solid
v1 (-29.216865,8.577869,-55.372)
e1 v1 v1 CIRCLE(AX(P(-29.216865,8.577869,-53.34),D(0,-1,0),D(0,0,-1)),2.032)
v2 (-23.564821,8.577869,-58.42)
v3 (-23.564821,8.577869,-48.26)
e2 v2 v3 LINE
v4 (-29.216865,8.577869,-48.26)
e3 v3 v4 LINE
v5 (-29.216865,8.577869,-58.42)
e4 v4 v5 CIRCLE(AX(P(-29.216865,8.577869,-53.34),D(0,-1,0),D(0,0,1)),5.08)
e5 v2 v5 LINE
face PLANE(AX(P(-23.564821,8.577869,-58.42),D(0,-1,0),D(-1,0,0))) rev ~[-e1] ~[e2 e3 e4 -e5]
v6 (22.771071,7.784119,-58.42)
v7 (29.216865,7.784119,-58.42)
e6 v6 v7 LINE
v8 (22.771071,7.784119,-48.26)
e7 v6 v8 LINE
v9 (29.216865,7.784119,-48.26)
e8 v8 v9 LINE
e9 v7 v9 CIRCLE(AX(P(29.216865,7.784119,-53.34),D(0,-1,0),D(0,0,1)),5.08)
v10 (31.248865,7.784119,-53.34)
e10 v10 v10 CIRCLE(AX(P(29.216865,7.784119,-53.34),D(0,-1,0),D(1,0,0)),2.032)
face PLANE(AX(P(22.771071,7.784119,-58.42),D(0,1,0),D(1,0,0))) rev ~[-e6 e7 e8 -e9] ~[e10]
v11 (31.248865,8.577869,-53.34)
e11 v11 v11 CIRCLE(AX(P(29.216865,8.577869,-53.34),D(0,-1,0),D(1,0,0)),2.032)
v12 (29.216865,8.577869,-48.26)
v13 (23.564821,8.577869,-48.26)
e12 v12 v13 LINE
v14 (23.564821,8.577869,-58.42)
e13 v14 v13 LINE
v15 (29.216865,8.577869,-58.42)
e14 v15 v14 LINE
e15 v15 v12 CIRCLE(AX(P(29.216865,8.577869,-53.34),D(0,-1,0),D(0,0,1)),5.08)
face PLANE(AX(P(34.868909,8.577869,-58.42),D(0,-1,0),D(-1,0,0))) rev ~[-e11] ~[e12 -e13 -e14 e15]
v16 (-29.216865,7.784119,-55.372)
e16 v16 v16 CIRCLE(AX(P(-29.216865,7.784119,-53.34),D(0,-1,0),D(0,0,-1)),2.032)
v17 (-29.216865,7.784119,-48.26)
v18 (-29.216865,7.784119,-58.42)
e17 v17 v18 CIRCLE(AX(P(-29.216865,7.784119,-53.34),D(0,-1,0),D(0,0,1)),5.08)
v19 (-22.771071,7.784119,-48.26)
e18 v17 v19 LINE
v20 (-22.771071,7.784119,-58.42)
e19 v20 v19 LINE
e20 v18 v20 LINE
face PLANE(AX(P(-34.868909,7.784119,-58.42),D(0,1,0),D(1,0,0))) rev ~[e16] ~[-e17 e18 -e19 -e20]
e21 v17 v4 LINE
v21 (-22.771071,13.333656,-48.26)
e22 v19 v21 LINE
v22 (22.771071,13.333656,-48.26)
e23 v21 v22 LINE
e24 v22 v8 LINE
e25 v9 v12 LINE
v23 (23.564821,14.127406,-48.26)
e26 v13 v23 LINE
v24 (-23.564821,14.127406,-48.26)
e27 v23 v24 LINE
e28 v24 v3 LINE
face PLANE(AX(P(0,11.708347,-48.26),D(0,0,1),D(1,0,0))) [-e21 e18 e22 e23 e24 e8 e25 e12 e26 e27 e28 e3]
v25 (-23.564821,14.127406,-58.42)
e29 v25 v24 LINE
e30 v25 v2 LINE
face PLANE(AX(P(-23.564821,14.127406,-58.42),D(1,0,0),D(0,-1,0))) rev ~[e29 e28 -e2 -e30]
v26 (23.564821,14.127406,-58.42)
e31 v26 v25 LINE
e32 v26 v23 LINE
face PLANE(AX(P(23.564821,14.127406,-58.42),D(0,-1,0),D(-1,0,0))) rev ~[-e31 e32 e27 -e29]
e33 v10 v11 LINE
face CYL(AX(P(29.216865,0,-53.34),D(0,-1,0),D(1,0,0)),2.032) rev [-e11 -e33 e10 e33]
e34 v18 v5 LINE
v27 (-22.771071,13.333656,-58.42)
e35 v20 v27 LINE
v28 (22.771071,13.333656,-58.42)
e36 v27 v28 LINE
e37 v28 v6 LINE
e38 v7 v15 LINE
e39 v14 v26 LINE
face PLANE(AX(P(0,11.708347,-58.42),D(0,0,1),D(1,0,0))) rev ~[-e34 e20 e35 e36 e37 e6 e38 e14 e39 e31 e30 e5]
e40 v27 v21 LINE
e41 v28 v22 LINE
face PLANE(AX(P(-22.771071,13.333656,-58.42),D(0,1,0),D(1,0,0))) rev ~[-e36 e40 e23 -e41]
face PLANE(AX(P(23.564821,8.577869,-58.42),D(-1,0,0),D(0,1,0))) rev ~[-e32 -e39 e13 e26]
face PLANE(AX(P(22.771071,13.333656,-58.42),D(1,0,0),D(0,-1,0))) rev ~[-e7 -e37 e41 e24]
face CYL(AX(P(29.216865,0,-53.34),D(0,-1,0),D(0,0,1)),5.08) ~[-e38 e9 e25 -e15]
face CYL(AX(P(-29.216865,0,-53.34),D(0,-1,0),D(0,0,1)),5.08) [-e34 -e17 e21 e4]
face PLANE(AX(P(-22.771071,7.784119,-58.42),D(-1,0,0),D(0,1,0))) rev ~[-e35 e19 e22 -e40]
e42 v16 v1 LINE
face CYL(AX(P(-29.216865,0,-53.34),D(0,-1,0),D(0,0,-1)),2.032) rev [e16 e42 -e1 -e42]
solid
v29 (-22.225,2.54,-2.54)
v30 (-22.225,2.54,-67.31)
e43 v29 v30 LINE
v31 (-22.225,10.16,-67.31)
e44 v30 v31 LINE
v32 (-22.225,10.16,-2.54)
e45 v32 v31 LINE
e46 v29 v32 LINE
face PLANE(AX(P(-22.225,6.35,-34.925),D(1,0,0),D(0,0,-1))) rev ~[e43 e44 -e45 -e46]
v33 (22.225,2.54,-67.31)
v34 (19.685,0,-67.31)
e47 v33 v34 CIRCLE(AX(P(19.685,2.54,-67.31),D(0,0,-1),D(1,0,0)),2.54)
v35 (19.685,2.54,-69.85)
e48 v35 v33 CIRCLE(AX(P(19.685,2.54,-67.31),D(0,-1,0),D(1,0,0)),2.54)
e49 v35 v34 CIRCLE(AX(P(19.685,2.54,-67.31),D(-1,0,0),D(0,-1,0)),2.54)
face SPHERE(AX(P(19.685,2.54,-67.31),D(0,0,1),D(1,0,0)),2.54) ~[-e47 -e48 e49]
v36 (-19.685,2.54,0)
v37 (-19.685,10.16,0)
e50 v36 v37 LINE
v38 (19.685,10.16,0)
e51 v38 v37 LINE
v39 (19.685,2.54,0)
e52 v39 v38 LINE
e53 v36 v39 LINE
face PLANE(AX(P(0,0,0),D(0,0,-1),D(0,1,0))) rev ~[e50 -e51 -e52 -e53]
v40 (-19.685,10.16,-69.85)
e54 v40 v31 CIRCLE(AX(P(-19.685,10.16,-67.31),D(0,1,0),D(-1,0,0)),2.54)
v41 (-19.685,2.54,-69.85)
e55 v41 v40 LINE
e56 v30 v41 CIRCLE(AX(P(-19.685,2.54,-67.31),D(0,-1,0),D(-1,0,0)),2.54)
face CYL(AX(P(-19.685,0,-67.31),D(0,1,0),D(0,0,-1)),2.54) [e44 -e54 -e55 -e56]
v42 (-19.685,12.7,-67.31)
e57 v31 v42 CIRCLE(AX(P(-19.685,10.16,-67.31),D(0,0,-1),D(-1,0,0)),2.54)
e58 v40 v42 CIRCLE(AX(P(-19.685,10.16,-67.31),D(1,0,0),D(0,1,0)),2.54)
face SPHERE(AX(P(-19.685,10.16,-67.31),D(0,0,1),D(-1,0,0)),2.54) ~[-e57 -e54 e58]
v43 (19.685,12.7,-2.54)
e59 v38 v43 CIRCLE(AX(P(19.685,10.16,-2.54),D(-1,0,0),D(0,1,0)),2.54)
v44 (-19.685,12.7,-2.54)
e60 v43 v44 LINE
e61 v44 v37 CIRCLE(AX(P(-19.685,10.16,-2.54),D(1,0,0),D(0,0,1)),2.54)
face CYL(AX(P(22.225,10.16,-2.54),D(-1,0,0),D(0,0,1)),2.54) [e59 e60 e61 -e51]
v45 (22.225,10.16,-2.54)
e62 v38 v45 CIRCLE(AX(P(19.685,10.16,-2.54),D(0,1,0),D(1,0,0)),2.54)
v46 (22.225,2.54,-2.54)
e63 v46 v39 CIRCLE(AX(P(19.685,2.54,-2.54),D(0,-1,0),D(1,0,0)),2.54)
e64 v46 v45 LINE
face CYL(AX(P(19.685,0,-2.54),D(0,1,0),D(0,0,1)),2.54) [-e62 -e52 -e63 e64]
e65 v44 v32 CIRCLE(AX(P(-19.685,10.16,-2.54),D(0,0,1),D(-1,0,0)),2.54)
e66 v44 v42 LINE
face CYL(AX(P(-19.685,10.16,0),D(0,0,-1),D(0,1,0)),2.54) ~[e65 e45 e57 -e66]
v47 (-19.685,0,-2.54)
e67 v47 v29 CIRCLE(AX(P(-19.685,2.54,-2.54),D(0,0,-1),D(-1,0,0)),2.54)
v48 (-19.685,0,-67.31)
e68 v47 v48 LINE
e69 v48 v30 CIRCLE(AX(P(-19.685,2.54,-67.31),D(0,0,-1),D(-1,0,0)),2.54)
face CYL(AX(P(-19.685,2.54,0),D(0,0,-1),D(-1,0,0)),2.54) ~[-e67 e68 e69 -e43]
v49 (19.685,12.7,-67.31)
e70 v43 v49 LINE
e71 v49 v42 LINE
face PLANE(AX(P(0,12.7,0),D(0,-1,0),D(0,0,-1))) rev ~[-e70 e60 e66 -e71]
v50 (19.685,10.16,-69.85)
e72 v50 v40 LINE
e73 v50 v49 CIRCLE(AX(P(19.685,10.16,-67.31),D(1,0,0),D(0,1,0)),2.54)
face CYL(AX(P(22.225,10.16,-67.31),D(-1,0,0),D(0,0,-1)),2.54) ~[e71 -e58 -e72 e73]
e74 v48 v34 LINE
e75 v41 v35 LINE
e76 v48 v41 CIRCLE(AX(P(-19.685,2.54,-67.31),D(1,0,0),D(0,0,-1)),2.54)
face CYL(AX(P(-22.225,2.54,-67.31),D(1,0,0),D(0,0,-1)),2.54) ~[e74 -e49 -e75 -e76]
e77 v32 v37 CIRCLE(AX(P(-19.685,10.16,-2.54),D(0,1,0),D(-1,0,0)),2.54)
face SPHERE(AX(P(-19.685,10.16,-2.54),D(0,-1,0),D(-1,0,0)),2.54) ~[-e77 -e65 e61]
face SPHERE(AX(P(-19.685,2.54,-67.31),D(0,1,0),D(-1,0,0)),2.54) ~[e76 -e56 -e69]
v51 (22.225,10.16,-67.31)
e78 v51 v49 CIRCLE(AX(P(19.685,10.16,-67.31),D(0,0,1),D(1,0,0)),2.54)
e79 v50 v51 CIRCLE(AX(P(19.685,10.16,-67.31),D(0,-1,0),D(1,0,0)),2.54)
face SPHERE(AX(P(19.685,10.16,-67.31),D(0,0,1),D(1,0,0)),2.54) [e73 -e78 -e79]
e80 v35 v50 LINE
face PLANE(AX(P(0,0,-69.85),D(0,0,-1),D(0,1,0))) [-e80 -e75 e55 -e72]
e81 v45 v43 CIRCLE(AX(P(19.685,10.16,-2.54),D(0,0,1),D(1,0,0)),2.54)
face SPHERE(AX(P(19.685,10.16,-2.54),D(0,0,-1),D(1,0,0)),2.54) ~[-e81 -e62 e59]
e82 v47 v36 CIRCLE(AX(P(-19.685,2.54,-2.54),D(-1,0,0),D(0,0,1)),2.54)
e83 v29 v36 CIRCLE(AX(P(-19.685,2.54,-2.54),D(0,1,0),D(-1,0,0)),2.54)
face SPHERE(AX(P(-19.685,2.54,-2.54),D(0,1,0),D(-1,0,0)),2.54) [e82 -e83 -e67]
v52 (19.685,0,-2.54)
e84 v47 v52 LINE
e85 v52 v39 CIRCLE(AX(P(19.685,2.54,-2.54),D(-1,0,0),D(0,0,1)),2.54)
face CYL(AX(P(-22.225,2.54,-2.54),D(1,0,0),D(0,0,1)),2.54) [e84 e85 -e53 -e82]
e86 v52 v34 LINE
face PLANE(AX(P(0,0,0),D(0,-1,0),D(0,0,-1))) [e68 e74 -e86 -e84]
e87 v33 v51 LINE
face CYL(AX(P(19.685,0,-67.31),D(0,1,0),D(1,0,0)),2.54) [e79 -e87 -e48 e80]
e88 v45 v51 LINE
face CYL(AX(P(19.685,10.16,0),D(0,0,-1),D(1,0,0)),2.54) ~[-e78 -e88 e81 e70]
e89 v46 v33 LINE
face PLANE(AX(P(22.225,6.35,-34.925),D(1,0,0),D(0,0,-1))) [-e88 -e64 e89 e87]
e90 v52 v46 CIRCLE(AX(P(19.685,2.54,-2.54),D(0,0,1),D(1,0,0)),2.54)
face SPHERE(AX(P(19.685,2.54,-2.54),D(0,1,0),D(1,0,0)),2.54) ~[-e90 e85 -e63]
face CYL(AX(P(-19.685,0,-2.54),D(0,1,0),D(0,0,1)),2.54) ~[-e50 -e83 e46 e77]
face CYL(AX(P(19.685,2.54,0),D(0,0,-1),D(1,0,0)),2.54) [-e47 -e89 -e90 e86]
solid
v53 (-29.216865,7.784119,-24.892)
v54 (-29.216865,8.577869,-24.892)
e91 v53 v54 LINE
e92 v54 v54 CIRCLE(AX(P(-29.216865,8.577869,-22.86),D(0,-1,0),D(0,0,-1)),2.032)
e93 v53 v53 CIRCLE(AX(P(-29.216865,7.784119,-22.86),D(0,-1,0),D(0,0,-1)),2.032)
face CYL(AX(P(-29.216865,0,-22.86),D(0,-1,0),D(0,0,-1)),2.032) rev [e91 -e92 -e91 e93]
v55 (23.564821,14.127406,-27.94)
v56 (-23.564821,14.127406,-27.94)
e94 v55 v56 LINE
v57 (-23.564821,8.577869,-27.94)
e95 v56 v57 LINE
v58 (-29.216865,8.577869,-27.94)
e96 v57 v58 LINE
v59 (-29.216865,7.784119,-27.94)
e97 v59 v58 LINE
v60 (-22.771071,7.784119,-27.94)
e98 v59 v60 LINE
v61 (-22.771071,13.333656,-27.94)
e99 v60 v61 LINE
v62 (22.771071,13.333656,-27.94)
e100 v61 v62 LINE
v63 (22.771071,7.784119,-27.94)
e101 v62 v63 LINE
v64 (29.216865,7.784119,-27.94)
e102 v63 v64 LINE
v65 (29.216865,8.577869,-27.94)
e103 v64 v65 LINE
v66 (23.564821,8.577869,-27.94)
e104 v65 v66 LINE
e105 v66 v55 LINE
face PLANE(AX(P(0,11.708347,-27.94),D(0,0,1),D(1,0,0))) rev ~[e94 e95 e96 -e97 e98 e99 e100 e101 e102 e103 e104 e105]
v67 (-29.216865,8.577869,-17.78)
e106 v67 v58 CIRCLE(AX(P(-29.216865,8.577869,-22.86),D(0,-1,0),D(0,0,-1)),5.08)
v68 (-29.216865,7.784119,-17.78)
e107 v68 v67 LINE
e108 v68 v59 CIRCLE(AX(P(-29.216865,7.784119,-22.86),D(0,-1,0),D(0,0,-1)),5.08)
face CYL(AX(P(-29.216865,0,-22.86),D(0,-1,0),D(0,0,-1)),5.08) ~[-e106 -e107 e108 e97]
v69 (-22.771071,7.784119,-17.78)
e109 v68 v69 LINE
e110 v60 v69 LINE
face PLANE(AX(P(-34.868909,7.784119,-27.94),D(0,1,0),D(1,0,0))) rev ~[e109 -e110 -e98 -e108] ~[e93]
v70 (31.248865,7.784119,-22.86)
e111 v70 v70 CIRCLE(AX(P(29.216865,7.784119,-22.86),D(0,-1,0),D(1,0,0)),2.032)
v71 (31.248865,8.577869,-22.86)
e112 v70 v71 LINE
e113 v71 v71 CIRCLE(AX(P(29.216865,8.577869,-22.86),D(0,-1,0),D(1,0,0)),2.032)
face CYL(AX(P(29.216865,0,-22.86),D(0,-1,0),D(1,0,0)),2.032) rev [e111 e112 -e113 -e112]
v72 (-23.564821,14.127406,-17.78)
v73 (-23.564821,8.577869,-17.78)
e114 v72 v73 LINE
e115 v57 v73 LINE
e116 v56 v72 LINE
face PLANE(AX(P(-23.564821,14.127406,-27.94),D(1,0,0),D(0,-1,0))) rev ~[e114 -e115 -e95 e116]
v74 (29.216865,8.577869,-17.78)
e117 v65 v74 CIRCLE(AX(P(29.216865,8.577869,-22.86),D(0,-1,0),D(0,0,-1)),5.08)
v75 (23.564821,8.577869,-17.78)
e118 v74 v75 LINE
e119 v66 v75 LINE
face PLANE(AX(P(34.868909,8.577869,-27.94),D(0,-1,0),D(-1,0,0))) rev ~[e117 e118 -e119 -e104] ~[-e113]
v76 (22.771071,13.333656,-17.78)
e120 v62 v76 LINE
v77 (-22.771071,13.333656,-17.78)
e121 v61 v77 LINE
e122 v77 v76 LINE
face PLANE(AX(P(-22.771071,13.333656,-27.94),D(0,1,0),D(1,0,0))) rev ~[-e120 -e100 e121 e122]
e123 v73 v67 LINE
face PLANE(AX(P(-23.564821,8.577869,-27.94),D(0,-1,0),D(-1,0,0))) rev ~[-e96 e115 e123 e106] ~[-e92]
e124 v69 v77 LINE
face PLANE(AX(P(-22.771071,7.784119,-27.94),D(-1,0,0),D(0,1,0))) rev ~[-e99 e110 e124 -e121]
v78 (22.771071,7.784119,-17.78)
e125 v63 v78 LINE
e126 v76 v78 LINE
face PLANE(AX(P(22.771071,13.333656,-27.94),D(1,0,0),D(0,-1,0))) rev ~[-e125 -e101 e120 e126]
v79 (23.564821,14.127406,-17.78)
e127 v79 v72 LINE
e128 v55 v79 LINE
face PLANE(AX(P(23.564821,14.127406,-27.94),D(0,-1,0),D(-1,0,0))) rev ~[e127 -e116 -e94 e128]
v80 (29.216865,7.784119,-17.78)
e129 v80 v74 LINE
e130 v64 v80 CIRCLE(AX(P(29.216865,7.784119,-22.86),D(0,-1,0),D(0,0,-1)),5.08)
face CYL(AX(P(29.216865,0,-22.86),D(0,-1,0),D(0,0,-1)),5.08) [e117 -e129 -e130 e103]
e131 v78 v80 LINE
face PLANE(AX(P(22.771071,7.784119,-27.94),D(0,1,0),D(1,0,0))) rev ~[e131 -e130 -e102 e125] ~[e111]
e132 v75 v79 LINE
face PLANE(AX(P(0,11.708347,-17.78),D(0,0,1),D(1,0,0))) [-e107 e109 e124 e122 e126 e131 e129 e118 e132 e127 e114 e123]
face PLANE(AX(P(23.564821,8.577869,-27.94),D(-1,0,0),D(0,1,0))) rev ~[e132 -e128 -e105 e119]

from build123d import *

# Parameters (mm, degrees)
SKETCH1_W      = 69.85
SKETCH1_H      = 12.7
EXTRUDE1_DEPTH = 22.225
FILLET1_R      = 2.54
EXTRUDE2_START = -27.94
EXTRUDE2_DEPTH = 10.16
EXTRUDE3_START = -58.42
EXTRUDE3_DEPTH = 10.16
SKETCH3_R      = 2.032
EXTRUDE4_DEPTH = 18.542


with BuildPart() as part:
    # Sketch1 → Extrude1 (new, symmetric)
    with BuildSketch(Plane(origin=(0, 0, 0), x_dir=(0, 0, -1), z_dir=(1, 0, 0))):
        with Locations((34.925, 6.35)):
            Rectangle(SKETCH1_W, SKETCH1_H)
    extrude(amount=EXTRUDE1_DEPTH, both=True)

    # Fillet1
    fillet1_edges = [part.edges().sort_by_distance(p)[0] for p in [
        (22.225, 12.7, -34.925),
        (22.225, 6.35, 0),
        (22.225, 0, -34.925),
        (-22.225, 6.35, 0),
        (-22.225, 12.7, -34.925),
        (-22.225, 6.35, -69.85),
        (-22.225, 0, -34.925),
        (22.225, 6.35, -69.85),
        (0, 0, 0),
        (0, 12.7, 0),
        (0, 12.7, -69.85),
        (0, 0, -69.85),
    ]]
    fillet(fillet1_edges, radius=FILLET1_R)


with BuildPart() as body_2:
    # Sketch2 → Extrude2 (new body)
    with BuildSketch(Plane.XY.offset(EXTRUDE2_START)):
        Polygon((-34.868909027, 7.784119326), (-22.771071042, 7.784119326), (-22.771071042, 13.333656019), (0, 13.333656019), (22.771071042, 13.333656019), (22.771071042, 7.784119326), (34.868909027, 7.784119326), (34.868909027, 8.577869326), (23.564821042, 8.577869326), (23.564821042, 14.127406019), (0, 14.127406019), (-23.564821042, 14.127406019), (-23.564821042, 8.577869326), (-34.868909027, 8.577869326), align=None)
    extrude(amount=EXTRUDE2_DEPTH)


with BuildPart() as body_3:
    # Sketch2<2> → Extrude3 (new body)
    with BuildSketch(Plane.XY.offset(EXTRUDE3_START)):
        Polygon((-34.868909027, 7.784119326), (-22.771071042, 7.784119326), (-22.771071042, 13.333656019), (0, 13.333656019), (22.771071042, 13.333656019), (22.771071042, 7.784119326), (34.868909027, 7.784119326), (34.868909027, 8.577869326), (23.564821042, 8.577869326), (23.564821042, 14.127406019), (0, 14.127406019), (-23.564821042, 14.127406019), (-23.564821042, 8.577869326), (-34.868909027, 8.577869326), align=None)
    extrude(amount=EXTRUDE3_DEPTH)


with BuildPart() as extrude4_tool:
    # Sketch3 → Extrude4 (new body)
    with BuildSketch(Plane(origin=(0, 0, 0), x_dir=(1, 0, 0), z_dir=(0, 1, 0))):
        with Locations((29.216865034, 53.34)):
            Circle(SKETCH3_R)
        with Locations((29.216865034, 22.86)):
            Circle(SKETCH3_R)
        with Locations(Location((-29.216865034, 22.86, 0), (0, 0, 90))):
            Circle(SKETCH3_R)
        with Locations(Location((-29.216865034, 53.34, 0), (0, 0, 90))):
            Circle(SKETCH3_R)
        with BuildLine():
            Line((-29.216865034, 58.42), (-40.15144848, 58.42))
            Line((-40.15144848, 58.42), (-40.15144848, 48.26))
            Line((-40.15144848, 48.26), (-29.216865034, 48.26))
            ThreePointArc((-29.216865034, 48.26), (-34.296865034, 53.34), (-29.216865034, 58.42))
        make_face()
        with BuildLine():
            Line((-29.216865034, 17.78), (-40.15144848, 17.78))
            Line((-40.15144848, 17.78), (-40.15144848, 27.94))
            Line((-40.15144848, 27.94), (-29.216865034, 27.94))
            ThreePointArc((-29.216865034, 27.94), (-34.296865034, 22.86), (-29.216865034, 17.78))
        make_face()
        with BuildLine():
            Line((40.15144848, 48.26), (29.216865034, 48.26))
            ThreePointArc((29.216865034, 48.26), (34.296865034, 53.34), (29.216865034, 58.42))
            Line((29.216865034, 58.42), (40.15144848, 58.42))
            Line((40.15144848, 58.42), (40.15144848, 48.26))
        make_face()
        with BuildLine():
            Line((40.15144848, 17.78), (40.15144848, 27.94))
            Line((40.15144848, 27.94), (29.216865034, 27.94))
            ThreePointArc((29.216865034, 27.94), (34.296865034, 22.86), (29.216865034, 17.78))
            Line((29.216865034, 17.78), (40.15144848, 17.78))
        make_face()
    extrude(amount=EXTRUDE4_DEPTH)


with BuildPart() as body_2_1:
    add(body_2.part)

    # Extrude4: cut by extrude4_tool
    add(extrude4_tool.part, mode=Mode.SUBTRACT)


with BuildPart() as body_3_1:
    add(body_3.part)

    # Extrude4: cut by extrude4_tool
    add(extrude4_tool.part, mode=Mode.SUBTRACT)


solid = Compound([part.part, body_2_1.part, body_3_1.part])
